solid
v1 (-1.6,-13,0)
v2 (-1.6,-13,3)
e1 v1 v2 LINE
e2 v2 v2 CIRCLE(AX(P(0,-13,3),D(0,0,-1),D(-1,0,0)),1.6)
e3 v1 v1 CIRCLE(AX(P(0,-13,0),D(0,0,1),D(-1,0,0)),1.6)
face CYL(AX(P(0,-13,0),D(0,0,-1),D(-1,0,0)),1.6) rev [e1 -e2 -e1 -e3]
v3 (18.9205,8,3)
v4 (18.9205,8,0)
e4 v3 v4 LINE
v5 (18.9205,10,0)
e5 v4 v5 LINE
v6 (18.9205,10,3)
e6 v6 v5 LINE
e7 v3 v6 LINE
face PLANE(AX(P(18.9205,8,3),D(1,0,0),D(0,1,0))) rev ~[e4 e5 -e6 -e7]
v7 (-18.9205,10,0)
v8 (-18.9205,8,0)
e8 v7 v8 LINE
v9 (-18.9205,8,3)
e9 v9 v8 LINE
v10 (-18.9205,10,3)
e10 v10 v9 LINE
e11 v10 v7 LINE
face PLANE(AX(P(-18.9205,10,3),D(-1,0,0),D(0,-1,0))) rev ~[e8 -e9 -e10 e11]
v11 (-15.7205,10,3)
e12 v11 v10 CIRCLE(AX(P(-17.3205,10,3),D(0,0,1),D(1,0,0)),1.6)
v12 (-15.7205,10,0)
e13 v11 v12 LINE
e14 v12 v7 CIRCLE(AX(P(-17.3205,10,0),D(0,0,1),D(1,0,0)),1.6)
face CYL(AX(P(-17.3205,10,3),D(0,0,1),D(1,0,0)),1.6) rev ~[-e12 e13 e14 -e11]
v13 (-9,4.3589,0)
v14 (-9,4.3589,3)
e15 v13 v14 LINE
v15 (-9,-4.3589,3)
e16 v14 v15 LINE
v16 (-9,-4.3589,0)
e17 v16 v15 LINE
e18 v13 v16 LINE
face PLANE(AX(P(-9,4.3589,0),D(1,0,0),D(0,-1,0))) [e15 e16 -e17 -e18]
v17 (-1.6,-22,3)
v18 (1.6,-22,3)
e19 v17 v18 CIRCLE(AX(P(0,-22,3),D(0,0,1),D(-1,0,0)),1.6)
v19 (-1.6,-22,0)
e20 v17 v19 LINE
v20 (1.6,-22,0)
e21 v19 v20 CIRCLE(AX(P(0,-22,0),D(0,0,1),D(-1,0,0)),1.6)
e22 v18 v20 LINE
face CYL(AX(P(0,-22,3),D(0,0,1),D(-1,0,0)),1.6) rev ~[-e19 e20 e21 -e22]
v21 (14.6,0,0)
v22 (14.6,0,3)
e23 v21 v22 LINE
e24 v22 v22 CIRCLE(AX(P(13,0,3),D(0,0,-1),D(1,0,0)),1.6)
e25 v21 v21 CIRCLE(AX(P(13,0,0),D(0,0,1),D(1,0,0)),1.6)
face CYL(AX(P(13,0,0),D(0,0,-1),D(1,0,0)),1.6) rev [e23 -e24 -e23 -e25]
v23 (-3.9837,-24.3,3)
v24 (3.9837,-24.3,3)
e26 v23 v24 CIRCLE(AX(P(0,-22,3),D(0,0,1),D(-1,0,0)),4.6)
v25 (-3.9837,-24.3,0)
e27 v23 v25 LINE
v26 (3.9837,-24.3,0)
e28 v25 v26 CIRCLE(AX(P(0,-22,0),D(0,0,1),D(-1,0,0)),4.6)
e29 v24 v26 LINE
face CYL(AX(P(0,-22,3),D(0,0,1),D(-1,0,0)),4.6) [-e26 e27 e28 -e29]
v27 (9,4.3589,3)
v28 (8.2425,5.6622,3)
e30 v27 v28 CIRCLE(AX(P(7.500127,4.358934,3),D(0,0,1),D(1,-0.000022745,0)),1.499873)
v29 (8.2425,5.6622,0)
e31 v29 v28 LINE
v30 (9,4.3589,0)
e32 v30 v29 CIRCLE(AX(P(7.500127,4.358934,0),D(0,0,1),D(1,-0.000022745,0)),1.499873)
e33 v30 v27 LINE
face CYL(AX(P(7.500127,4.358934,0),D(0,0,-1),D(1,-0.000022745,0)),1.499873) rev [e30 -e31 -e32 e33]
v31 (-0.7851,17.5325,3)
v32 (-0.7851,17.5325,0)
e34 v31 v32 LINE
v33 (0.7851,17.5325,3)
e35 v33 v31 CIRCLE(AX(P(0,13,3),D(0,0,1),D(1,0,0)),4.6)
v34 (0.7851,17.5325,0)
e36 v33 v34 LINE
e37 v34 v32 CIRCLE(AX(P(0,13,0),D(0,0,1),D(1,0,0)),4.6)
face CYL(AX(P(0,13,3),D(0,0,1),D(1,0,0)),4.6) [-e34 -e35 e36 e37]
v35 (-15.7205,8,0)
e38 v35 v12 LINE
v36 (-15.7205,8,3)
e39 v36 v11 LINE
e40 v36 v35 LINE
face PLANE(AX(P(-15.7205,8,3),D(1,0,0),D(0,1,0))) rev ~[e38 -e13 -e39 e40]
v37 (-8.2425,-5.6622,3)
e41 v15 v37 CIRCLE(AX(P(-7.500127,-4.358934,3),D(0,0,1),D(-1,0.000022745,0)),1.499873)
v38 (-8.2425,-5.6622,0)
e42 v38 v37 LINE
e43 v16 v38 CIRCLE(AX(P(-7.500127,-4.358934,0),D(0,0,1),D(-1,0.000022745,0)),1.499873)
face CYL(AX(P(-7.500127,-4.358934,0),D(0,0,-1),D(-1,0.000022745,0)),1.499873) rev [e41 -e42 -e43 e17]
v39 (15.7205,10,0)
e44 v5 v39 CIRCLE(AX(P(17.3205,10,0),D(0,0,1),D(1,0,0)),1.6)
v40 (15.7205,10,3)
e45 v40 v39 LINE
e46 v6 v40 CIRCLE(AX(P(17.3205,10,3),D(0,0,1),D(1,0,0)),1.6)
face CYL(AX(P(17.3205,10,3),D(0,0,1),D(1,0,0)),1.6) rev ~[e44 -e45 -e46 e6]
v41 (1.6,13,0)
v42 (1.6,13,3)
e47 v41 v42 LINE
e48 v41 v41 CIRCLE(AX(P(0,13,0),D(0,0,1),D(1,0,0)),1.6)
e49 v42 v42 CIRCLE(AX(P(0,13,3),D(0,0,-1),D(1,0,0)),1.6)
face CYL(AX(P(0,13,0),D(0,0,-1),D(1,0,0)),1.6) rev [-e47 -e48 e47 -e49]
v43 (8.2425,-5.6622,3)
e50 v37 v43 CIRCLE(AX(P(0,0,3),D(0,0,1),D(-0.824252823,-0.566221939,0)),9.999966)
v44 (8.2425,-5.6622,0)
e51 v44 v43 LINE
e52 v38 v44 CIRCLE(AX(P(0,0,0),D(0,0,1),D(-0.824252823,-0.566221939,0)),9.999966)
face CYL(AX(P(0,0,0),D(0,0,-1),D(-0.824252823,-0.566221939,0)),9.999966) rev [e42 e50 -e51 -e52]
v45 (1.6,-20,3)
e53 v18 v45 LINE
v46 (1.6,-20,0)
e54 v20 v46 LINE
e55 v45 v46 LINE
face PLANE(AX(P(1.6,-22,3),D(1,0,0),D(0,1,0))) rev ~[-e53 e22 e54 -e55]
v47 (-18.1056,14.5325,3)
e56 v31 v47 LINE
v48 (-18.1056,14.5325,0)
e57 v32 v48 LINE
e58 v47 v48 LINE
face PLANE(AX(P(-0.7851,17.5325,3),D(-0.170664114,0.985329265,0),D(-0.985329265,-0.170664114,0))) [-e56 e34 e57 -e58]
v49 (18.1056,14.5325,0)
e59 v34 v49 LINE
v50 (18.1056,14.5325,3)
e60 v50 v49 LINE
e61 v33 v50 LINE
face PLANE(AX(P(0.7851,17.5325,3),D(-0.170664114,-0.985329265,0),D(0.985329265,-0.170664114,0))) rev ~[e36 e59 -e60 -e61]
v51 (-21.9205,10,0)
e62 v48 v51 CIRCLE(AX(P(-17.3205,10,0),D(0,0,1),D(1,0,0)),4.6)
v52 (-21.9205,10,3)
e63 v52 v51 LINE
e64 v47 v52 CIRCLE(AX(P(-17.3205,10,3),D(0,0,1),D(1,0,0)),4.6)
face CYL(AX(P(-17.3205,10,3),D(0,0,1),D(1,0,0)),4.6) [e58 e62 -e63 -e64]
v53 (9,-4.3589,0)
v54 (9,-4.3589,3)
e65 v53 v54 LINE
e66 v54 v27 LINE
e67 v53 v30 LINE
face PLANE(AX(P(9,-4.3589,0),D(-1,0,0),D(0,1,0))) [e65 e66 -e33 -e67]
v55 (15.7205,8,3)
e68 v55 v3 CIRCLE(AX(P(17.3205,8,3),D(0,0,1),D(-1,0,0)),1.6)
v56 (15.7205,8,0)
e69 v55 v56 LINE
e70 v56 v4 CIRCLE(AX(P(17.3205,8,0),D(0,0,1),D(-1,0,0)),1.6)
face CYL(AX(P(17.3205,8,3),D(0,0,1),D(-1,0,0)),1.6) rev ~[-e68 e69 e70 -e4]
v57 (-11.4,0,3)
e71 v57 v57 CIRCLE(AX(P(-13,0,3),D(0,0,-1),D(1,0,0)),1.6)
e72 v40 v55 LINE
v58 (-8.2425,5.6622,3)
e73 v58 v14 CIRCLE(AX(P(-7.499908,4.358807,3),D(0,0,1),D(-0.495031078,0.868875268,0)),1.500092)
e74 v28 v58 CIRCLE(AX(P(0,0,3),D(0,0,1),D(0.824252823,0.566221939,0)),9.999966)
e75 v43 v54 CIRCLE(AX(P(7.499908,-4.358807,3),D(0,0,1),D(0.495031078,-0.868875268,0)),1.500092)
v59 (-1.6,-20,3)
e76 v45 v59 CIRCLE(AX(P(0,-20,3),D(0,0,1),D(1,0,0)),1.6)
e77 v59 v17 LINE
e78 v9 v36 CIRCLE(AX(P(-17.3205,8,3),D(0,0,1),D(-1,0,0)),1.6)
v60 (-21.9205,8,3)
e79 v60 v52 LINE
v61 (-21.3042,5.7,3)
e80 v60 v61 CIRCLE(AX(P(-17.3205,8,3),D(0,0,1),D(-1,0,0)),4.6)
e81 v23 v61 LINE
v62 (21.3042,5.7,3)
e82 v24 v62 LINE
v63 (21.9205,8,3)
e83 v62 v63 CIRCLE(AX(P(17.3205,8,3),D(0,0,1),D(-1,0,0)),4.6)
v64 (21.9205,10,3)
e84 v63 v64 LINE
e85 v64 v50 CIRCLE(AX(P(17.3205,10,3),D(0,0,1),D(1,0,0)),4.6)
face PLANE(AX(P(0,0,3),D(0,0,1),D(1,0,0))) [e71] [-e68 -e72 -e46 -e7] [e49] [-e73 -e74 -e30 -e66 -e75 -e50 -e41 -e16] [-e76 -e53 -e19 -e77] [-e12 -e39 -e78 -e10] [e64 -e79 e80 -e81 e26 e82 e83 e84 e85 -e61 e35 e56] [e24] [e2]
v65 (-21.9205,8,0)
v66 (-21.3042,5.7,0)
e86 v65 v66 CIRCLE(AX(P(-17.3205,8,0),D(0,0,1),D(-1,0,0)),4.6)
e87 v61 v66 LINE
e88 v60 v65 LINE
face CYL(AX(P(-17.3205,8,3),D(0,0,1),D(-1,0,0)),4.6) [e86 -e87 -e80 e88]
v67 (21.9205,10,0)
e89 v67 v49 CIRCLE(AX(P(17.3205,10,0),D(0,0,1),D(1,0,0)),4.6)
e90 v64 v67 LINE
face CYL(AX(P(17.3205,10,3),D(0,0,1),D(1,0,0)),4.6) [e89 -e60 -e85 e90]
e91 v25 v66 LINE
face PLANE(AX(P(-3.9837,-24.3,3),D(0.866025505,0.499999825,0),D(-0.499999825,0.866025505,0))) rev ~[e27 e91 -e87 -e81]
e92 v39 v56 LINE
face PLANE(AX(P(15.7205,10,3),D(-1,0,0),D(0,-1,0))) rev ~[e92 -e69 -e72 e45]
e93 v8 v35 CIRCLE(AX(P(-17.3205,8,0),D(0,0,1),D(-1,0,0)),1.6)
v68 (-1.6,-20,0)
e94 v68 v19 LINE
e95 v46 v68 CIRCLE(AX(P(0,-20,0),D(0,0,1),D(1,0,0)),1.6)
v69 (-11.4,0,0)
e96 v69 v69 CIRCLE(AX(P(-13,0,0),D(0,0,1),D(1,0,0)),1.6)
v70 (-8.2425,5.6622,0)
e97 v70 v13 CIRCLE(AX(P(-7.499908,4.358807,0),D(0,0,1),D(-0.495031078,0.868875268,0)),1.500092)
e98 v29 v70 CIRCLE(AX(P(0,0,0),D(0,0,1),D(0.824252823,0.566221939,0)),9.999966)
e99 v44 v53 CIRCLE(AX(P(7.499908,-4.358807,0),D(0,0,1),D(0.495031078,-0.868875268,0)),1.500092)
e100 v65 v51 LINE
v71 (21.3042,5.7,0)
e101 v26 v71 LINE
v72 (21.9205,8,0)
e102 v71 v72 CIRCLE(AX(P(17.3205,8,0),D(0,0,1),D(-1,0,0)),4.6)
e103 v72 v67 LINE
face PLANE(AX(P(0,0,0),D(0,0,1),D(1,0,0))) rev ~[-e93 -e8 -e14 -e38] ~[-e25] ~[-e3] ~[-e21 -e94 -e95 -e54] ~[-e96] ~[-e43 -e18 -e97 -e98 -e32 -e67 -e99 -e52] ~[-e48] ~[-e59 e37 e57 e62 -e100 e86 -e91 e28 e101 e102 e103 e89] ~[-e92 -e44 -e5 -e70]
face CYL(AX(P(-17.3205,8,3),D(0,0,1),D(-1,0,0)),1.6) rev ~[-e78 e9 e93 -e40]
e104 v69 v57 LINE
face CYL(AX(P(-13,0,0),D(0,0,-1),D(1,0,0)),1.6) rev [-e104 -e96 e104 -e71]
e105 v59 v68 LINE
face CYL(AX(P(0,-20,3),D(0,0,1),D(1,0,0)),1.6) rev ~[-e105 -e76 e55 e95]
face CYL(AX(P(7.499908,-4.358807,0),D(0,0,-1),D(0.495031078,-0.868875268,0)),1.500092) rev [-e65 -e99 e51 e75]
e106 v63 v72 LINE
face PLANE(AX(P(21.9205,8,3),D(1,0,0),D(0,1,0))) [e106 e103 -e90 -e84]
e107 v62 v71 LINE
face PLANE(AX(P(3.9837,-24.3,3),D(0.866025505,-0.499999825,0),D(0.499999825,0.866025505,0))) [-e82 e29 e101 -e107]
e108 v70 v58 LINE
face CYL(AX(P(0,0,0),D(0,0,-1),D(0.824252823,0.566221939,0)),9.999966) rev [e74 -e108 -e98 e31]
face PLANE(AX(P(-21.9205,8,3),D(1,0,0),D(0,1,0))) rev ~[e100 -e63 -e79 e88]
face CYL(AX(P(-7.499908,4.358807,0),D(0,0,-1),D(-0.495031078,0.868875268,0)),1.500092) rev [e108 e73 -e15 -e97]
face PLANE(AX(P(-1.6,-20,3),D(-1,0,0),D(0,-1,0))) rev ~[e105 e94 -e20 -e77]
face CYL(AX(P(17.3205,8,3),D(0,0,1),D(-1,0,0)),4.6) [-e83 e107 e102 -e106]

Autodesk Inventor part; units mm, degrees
ref_plane "YZ Plane" through (0, 0, 0) normal (1, 0, 0) x (0, 1, 0)
ref_plane "XZ Plane" through (0, 0, 0) normal (0, 1, 0) x (-1, 0, 0)
ref_plane "XY Plane" through (0, 0, 0) normal (0, 0, 1) x (1, 0, 0)
sketch "スケッチ1" plane through (0, 0, 0) normal (0, 0, 1) x (1, 0, 0)
  line L0 (9, -4.3589) -> (9, 4.3589)
  line L1 (-9, 4.3589) -> (-9, -4.3589)
  arc A0 (8.2425, 5.6622) -> (-8.2425, 5.6622) centre (0, 0) ccw
  arc A1 (-8.2425, 5.6622) -> (-9, 4.3589) centre (-7.5, 4.3589) ccw
  arc A2 (9, 4.3589) -> (8.2425, 5.6622) centre (7.5, 4.3589) ccw
  arc A3 (8.2425, -5.6622) -> (9, -4.3589) centre (7.5, -4.3589) ccw
  arc A4 (-9, -4.3589) -> (-8.2425, -5.6622) centre (-7.5, -4.3589) ccw
  arc A5 (-8.2425, -5.6622) -> (8.2425, -5.6622) centre (0, 0) ccw
  line L2 (-9, 0) -> (9, 0) construction
  line L3 (-13, 0) -> (-13, 0) construction
  line L4 (-14.6, 0) -> (-14.6, 0)
  line L5 (-11.4, 0) -> (-11.4, 0)
  arc A6 (-11.4, 0) -> (-14.6, 0) centre (-13, 0) ccw
  arc A7 (-14.6, 0) -> (-11.4, 0) centre (-13, 0) ccw
  line L6 (25, -30) -> (-25, -30)
  line L7 (-25, -30) -> (-25, 30)
  line L8 (-25, 30) -> (25, 30)
  line L9 (25, 30) -> (25, -30)
  line L10 (25, -30) -> (-25, 30) construction
  line L11 (-25, -30) -> (25, 30) construction
  line L12 (13, 0) -> (13, 0) construction
  line L13 (11.4, 0) -> (11.4, 0)
  line L14 (14.6, 0) -> (14.6, 0)
  arc A8 (14.6, 0) -> (11.4, 0) centre (13, 0) ccw
  arc A9 (11.4, 0) -> (14.6, 0) centre (13, 0) ccw
  line L15 (0, 13) -> (0, 13) construction
  line L16 (-1.6, 13) -> (-1.6, 13)
  line L17 (1.6, 13) -> (1.6, 13)
  arc A10 (1.6, 13) -> (-1.6, 13) centre (0, 13) ccw
  arc A11 (-1.6, 13) -> (1.6, 13) centre (0, 13) ccw
  line L18 (0, -13) -> (0, -13) construction
  line L19 (1.6, -13) -> (1.6, -13)
  line L20 (-1.6, -13) -> (-1.6, -13)
  arc A12 (-1.6, -13) -> (1.6, -13) centre (0, -13) ccw
  arc A13 (1.6, -13) -> (-1.6, -13) centre (0, -13) ccw
  point P0 (0, 0)
  point P1 (0, 13)
  point P2 (0, -13)
  dimension "d2" = 18
  dimension "d3" = 3
  dimension "d5" = 10
  dimension "d6" = 0
  dimension "d7" = 10
  dimension "d8" = 3.2
  dimension "d9" = 13
  dimension "d10" = 0
  dimension "d11" = 50
  dimension "d12" = 60
  dimension "d22" = 13
  dimension "d23" = 13
  dimension "d24" = 13
extrude "押し出し1" add sketch "スケッチ1" along normal blind 3
sketch "スケッチ3" plane through (0, 0, 3) normal (0, 0, 1) x (1, 0, 0)
  line L0 (0, -22) -> (0, -20) construction
  line L1 (1.6, -22) -> (1.6, -20)
  line L2 (-1.6, -20) -> (-1.6, -22)
  arc A0 (-1.6, -22) -> (1.6, -22) centre (0, -22) ccw
  arc A1 (1.6, -20) -> (-1.6, -20) centre (0, -20) ccw
  line L3 (-17.3205, 10) -> (-17.3205, 8) construction
  line L4 (-18.9205, 10) -> (-18.9205, 8)
  line L5 (-15.7205, 8) -> (-15.7205, 10)
  arc A2 (-15.7205, 10) -> (-18.9205, 10) centre (-17.3205, 10) ccw
  arc A3 (-18.9205, 8) -> (-15.7205, 8) centre (-17.3205, 8) ccw
  line L6 (17.3205, 10) -> (17.3205, 8) construction
  line L7 (15.7205, 10) -> (15.7205, 8)
  line L8 (18.9205, 8) -> (18.9205, 10)
  arc A4 (18.9205, 10) -> (15.7205, 10) centre (17.3205, 10) ccw
  arc A5 (15.7205, 8) -> (18.9205, 8) centre (17.3205, 8) ccw
  circle A6 centre (0, 0) radius 20 construction
  point P0 (0, -21)
  point P1 (-17.3205, 9)
  point P2 (17.3205, 9)
  dimension "d26" = 2
  dimension "d27" = 1.6
  dimension "d28" = 20
  dimension "d29" = 120
extrude "押し出し4" cut sketch "スケッチ3" against normal blind 3
sketch "スケッチ4" plane through (0, 0, 3) normal (0, 0, 1) x (1, 0, 0)
  arc A0 (-18.9205, 8) -> (-15.7205, 8) centre (-17.3205, 8) ccw projected
  line L0 (-18.9205, 8) -> (-18.9205, 10) projected
  arc A1 (-15.7205, 10) -> (-18.9205, 10) centre (-17.3205, 10) ccw projected
  line L1 (-15.7205, 10) -> (-15.7205, 8) projected
  arc A2 (1.6, -20) -> (-1.6, -20) centre (0, -20) ccw projected
  line L2 (1.6, -20) -> (1.6, -22) projected
  arc A3 (-1.6, -22) -> (1.6, -22) centre (0, -22) ccw projected
  line L3 (-1.6, -22) -> (-1.6, -20) projected
  arc A4 (15.7205, 8) -> (18.9205, 8) centre (17.3205, 8) ccw projected
  line L4 (15.7205, 8) -> (15.7205, 10) projected
  arc A5 (18.9205, 10) -> (15.7205, 10) centre (17.3205, 10) ccw projected
  line L5 (18.9205, 10) -> (18.9205, 8) projected
  arc A6 (8.2425, -5.6622) -> (9, -4.3589) centre (7.5, -4.3589) ccw projected
  arc A7 (-8.2425, -5.6622) -> (8.2425, -5.6622) centre (0, 0) ccw projected
  arc A8 (-9, -4.3589) -> (-8.2425, -5.6622) centre (-7.5, -4.3589) ccw projected
  line L6 (-9, -4.3589) -> (-9, 4.3589) projected
  arc A9 (-8.2425, 5.6622) -> (-9, 4.3589) centre (-7.5, 4.3589) ccw projected
  arc A10 (8.2425, 5.6622) -> (-8.2425, 5.6622) centre (0, 0) ccw projected
  arc A11 (9, 4.3589) -> (8.2425, 5.6622) centre (7.5, 4.3589) ccw projected
  line L7 (9, 4.3589) -> (9, -4.3589) projected
  circle A12 centre (0, -13) radius 1.6 projected
  circle A13 centre (0, 13) radius 1.6 projected
  circle A14 centre (13, 0) radius 1.6 projected
  circle A15 centre (-13, 0) radius 1.6 projected
  line L8 (-25, -30) -> (25, -30) projected
  line L9 (25, -30) -> (25, 30) projected
  line L10 (25, 30) -> (-25, 30) projected
  line L11 (-25, 30) -> (-25, -30) projected
  arc A16 (-21.9205, 8) -> (-12.7205, 8) centre (-17.3205, 8) ccw
  line L12 (-21.9205, 8) -> (-21.9205, 10)
  arc A17 (-12.7205, 10) -> (-21.9205, 10) centre (-17.3205, 10) ccw
  line L13 (-12.7205, 10) -> (-12.7205, 8)
  line L14 (12.7205, 10) -> (12.7205, 8)
  arc A18 (12.7205, 8) -> (21.9205, 8) centre (17.3205, 8) ccw
  line L15 (21.9205, 8) -> (21.9205, 10)
  arc A19 (21.9205, 10) -> (12.7205, 10) centre (17.3205, 10) ccw
  circle A20 centre (0, 13) radius 4.6
  arc A21 (4.6, -20) -> (-4.6, -20) centre (0, -20) ccw
  line L16 (4.6, -20) -> (4.6, -22)
  arc A22 (-4.6, -22) -> (4.6, -22) centre (0, -22) ccw
  line L17 (-4.6, -22) -> (-4.6, -20)
  line L18 (-3.9837, -24.3) -> (-21.3042, 5.7)
  line L19 (3.9837, -24.3) -> (21.3042, 5.7)
  line L20 (0.7851, 17.5325) -> (18.1056, 14.5325)
  line L21 (-0.7851, 17.5325) -> (-18.1056, 14.5325)
  dimension "d32" = 3
  dimension "d33" = 3
  dimension "d34" = 3
  dimension "d35" = 3
extrude "押し出し5" cut sketch "スケッチ4" against normal blind 3 contours L0 A1 L1 A0 | L2 A3 L3 A2 | L4 A5 L5 A4 | A7 A8 L6 A9 A10 A20 A11 L7 A6 | A6 L7 A11 A10 A20 L20 A19 L14 A18 L19 A22 L16 A21 L17 L18 A16 L13 A17 L21 A9 L6 A8 A7 | A20 A10 | A10 A20 | A17 L13 A16 L12 | A19 L15 A18 L14 | A22 L17 A21 L16 | A12 | A13 | A14 | A15 keep common part
equation "\"d22\" = d9"
equation "\"d23\" = d9"
equation "\"d24\" = d23 + d10"
properties part number "RS555-71Mount"
